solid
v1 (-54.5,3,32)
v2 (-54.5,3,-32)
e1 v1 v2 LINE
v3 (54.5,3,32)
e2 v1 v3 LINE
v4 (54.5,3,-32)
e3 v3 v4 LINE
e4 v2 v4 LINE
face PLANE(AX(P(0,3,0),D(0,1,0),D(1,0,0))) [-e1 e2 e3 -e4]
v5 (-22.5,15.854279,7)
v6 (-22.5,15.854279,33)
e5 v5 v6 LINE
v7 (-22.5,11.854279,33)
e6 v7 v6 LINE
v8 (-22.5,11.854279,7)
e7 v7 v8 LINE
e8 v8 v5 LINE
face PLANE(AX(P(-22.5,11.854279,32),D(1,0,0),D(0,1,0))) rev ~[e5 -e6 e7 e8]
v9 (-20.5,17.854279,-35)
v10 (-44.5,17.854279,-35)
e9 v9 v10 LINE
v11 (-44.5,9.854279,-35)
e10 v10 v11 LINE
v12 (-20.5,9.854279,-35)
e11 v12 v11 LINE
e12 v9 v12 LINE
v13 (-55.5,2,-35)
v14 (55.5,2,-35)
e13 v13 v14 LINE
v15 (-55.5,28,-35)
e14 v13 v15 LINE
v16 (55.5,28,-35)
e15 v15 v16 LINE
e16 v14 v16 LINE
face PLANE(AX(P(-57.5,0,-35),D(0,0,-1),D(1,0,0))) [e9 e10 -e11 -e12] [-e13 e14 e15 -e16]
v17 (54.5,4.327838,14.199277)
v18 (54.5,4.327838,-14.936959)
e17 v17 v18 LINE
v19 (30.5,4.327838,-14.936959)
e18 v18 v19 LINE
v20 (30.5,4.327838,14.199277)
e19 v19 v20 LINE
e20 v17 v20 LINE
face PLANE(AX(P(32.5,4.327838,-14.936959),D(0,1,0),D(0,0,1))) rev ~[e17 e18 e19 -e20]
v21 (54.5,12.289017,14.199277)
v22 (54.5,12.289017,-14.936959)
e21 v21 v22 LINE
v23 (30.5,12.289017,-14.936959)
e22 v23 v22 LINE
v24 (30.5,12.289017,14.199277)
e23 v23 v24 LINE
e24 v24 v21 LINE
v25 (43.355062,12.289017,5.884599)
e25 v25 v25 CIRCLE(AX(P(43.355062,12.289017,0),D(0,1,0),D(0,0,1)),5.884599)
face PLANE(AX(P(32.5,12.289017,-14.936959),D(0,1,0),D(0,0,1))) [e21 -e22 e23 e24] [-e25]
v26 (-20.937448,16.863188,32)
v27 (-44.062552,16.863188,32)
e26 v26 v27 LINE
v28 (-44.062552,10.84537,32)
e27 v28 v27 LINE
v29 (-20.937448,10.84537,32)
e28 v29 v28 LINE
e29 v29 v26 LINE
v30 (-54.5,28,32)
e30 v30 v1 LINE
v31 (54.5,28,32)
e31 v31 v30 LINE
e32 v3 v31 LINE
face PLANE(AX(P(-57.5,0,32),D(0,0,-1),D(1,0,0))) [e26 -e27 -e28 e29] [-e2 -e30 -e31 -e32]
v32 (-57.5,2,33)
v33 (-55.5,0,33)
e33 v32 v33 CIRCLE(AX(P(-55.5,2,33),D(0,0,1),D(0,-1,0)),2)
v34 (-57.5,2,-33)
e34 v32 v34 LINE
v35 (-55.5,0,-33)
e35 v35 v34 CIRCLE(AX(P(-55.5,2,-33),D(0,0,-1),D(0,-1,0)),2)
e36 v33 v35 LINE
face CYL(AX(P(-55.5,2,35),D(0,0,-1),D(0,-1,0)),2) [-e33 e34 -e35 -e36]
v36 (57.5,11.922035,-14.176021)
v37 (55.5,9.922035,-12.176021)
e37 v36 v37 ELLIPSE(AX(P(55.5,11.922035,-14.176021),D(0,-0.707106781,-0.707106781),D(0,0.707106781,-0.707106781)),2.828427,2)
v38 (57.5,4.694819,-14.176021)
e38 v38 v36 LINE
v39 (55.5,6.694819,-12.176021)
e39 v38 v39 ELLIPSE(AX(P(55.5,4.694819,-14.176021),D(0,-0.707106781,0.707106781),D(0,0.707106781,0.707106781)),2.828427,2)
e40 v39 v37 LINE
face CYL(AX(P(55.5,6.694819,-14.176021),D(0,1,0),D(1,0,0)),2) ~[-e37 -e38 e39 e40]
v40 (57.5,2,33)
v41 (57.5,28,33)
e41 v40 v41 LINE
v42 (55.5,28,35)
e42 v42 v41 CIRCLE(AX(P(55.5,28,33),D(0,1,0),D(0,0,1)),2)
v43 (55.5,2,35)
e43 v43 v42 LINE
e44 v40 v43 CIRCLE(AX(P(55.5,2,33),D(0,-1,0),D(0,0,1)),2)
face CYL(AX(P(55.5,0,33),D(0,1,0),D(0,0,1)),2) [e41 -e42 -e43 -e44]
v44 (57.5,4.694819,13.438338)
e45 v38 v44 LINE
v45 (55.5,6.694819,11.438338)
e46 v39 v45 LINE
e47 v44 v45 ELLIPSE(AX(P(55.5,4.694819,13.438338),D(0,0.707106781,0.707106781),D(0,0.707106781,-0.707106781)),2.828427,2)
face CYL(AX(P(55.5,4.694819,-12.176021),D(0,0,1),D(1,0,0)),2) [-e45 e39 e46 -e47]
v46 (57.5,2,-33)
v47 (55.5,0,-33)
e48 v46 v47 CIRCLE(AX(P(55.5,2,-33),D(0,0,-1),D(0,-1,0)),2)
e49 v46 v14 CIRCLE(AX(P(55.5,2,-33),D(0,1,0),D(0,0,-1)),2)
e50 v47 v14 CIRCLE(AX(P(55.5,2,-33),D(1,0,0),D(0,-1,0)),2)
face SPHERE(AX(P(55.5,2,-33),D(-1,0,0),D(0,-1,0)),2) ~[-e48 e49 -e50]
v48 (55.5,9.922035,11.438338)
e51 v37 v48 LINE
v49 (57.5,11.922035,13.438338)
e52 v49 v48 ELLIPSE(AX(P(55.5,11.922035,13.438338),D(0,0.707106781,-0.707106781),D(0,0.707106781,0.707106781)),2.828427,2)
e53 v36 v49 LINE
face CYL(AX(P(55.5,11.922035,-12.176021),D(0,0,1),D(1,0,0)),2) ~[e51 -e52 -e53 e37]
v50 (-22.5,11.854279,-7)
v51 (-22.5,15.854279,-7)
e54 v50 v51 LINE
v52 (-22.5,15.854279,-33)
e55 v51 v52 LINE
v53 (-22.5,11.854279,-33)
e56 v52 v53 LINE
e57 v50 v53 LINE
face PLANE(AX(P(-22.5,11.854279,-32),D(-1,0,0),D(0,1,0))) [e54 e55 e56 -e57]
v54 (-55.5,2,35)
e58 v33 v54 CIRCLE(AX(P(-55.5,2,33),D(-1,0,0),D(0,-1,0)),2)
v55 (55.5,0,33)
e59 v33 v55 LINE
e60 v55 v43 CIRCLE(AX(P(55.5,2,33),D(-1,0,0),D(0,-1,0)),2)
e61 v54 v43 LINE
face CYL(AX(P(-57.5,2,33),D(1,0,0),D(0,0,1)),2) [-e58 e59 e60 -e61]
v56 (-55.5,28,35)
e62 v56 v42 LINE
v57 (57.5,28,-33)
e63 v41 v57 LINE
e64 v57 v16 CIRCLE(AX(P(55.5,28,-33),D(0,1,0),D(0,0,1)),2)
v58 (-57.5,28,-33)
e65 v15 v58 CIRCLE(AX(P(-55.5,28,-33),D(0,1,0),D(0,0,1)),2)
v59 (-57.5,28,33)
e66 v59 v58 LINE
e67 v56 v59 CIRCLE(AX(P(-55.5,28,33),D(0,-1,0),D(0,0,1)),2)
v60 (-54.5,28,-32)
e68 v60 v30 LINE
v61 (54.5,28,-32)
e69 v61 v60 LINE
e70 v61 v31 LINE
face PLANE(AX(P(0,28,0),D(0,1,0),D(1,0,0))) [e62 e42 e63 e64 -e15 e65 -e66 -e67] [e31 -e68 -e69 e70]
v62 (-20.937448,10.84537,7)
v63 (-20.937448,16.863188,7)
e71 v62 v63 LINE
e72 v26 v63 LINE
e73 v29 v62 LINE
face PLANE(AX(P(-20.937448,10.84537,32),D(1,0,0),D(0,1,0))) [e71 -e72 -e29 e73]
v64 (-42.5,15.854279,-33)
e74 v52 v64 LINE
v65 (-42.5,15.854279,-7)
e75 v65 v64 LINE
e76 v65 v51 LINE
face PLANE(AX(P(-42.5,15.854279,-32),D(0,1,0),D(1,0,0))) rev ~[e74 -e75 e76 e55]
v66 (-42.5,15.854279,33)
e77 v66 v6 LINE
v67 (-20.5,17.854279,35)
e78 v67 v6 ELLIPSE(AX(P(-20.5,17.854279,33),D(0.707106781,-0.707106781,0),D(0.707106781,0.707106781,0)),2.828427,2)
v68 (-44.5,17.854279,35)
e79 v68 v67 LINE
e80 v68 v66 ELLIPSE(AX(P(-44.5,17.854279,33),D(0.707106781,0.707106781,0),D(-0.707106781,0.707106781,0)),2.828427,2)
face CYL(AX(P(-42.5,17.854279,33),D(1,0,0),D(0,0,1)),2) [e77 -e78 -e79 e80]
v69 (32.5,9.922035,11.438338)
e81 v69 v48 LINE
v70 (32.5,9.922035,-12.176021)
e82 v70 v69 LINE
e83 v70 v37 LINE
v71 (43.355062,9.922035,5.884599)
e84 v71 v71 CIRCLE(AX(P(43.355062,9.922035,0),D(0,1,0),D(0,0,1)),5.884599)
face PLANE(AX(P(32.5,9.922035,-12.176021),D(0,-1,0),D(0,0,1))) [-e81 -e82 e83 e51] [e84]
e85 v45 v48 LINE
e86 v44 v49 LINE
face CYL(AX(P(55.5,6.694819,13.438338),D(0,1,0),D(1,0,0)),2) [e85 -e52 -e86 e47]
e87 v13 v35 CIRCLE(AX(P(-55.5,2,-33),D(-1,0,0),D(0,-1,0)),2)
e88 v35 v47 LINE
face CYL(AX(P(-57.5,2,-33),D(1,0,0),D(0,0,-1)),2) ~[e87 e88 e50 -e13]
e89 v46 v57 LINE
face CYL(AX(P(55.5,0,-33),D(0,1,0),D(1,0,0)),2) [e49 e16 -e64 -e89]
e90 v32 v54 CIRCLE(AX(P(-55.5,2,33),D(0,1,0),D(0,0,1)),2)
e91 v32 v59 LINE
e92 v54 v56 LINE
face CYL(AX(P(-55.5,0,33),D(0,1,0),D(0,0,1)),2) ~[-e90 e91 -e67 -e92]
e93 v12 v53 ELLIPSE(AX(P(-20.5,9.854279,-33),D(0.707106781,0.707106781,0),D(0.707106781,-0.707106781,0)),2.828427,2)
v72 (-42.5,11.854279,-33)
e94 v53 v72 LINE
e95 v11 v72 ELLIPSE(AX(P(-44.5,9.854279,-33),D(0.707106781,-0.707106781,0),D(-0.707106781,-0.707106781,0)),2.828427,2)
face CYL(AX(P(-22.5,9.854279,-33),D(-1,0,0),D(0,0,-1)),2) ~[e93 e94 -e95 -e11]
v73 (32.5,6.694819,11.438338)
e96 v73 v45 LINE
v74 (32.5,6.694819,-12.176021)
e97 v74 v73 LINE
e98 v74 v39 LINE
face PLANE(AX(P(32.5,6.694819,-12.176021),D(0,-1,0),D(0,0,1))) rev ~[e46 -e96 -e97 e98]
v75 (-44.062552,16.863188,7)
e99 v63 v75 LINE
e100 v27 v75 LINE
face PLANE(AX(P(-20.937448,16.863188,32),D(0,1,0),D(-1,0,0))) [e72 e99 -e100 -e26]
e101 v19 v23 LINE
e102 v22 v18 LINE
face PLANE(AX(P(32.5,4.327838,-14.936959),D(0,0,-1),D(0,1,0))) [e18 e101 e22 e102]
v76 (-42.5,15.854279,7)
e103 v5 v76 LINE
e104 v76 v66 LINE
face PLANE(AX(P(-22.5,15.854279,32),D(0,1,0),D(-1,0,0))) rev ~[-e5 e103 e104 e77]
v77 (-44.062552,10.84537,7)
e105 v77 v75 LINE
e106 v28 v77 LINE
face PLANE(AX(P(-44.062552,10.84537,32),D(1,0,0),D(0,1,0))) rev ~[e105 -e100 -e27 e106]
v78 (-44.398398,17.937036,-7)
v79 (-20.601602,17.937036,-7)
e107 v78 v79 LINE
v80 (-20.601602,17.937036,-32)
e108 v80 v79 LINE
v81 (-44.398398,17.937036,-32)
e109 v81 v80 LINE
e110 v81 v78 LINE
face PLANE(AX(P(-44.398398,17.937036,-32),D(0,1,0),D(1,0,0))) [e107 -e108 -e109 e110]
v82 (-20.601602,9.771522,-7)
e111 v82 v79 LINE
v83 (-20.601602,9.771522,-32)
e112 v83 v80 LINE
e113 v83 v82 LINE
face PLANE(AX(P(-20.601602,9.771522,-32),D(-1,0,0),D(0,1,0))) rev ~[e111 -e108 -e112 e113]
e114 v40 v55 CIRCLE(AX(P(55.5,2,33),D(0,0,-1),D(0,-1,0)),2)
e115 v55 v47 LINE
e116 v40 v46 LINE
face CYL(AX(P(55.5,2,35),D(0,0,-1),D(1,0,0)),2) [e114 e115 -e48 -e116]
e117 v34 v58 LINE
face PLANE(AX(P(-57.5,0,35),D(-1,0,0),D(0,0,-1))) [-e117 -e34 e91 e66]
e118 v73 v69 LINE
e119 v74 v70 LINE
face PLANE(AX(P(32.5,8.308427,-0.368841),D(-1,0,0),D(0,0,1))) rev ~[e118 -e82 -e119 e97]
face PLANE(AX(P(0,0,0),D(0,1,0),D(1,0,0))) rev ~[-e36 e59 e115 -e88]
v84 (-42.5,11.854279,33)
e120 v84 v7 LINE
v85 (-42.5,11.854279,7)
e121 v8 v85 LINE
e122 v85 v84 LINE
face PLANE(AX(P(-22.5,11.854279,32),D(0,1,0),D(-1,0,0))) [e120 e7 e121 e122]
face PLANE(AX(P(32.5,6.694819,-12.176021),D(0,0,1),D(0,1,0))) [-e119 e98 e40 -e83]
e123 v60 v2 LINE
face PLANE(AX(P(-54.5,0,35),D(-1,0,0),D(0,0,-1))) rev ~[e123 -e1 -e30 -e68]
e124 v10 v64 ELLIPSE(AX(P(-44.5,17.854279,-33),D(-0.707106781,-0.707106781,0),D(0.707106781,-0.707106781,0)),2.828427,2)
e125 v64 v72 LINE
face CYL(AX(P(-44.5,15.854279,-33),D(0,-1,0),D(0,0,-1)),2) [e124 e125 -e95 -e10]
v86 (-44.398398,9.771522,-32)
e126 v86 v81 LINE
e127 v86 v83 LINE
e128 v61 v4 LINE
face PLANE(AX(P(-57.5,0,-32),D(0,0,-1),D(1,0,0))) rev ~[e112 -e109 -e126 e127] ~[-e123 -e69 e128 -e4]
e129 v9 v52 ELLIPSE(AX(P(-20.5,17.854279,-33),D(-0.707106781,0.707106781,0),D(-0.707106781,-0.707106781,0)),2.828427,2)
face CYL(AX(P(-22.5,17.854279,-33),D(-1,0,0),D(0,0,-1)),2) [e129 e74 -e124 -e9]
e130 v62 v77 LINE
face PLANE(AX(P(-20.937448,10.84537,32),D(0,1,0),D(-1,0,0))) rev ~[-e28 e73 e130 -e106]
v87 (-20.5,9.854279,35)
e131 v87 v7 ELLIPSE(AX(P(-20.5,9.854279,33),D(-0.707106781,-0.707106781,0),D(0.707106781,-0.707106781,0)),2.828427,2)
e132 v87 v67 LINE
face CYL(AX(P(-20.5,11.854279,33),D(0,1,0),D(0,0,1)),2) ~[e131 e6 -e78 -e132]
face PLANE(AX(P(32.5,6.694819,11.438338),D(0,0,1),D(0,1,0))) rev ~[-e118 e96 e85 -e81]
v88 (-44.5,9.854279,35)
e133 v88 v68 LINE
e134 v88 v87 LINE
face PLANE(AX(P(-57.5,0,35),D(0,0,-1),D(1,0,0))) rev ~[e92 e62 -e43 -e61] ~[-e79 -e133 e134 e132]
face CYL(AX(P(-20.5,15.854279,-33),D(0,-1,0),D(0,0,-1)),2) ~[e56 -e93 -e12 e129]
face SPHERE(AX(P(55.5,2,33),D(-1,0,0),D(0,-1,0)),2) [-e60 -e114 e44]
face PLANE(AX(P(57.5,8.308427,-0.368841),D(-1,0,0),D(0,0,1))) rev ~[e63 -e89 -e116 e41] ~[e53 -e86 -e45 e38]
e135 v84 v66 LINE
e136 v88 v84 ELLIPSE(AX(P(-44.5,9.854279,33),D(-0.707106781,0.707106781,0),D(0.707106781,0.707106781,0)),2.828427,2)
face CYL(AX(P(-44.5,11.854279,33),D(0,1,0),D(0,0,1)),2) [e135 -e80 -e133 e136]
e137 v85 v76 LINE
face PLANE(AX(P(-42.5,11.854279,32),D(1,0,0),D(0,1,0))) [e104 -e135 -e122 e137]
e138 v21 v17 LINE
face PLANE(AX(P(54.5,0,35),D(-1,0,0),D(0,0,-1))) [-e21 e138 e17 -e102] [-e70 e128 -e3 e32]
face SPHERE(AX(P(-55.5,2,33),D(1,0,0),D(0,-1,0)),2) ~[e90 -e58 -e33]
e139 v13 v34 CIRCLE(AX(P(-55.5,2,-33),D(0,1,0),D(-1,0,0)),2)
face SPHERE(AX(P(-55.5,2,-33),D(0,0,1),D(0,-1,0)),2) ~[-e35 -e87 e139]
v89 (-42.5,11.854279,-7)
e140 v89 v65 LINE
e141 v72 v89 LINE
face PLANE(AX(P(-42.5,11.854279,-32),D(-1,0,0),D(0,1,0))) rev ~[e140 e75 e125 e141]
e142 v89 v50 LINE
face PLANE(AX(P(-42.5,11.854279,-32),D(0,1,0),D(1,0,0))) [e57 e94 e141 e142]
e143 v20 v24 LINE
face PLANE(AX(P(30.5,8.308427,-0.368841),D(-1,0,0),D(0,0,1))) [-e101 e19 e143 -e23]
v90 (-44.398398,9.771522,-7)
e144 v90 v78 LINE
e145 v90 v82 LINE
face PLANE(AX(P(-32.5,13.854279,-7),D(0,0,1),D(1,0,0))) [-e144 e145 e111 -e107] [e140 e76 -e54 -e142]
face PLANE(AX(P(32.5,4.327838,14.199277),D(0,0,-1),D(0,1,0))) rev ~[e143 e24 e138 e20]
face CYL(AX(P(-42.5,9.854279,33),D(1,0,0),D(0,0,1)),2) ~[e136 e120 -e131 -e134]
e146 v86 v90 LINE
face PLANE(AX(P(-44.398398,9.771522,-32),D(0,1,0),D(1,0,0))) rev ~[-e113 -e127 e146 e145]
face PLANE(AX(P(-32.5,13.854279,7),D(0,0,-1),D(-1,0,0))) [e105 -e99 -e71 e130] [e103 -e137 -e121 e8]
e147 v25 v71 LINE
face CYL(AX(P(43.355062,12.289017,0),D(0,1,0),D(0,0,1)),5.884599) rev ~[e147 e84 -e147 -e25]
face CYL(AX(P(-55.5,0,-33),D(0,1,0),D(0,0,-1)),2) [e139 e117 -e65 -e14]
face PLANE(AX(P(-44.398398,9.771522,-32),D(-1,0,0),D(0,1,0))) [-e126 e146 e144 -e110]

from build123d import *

# Parameters (mm, degrees)
SKETCH1_W           = 115
SKETCH1_H           = 70
BOSS_EXTRUDE1_DEPTH = 28
SHELL2_T            = -3
SKETCH2_W           = 20
SKETCH2_H           = 4
CUT_EXTRUDE1_DEPTH  = 95.816928868
SKETCH4_W           = 23.796796
SKETCH4_H           = 8.165514589
SKETCH4_W_2         = 20
SKETCH4_H_2         = 4
BOSS_EXTRUDE2_DEPTH = 25
SKETCH5_W           = 23.125103044
SKETCH5_H           = 6.017817829
SKETCH5_W_2         = 20
SKETCH5_H_2         = 4
BOSS_EXTRUDE3_DEPTH = 25
FILLET2_R           = 2
FILLET3_R           = 2
SKETCH9_W           = 29.136235749
SKETCH9_H           = 7.961178331
BOSS_EXTRUDE4_DEPTH = 25
SKETCH11_W          = 23.614359243
SKETCH11_H          = 3.227216001
CUT_EXTRUDE4_DEPTH  = 101.543522914
FILLET4_R           = 2
CUT_EXTRUDE5_REACH  = 71.124
SKETCH12_R          = 5.884599132
SKETCH13_W          = 29.136235749
SKETCH13_H          = 7.961178331
BOSS_EXTRUDE5_DEPTH = 2


with BuildPart() as part:
    # Sketch1 → Boss-Extrude1 (new body)
    with BuildSketch(Plane(origin=(0, 0, 0), x_dir=(1, 0, 0), z_dir=(0, 1, 0))):
        Rectangle(SKETCH1_W, SKETCH1_H)
    extrude(amount=BOSS_EXTRUDE1_DEPTH)

    # Shell2
    shell2_openings = [part.faces().sort_by_distance(p)[0] for p in [
        (0, 28, 0),
    ]]
    offset(amount=SHELL2_T, openings=shell2_openings, kind=Kind.INTERSECTION)

    # Sketch2 → Cut-Extrude1 (cut, through all)
    with BuildSketch(Plane.XY.offset(35)):
        with Locations((-32.5, 13.8542792)):
            Rectangle(SKETCH2_W, SKETCH2_H)
    extrude(amount=-CUT_EXTRUDE1_DEPTH, mode=Mode.SUBTRACT)

    # Sketch4 → Boss-Extrude2 (add)
    with BuildSketch(Plane.XY.offset(-32)):
        with Locations((-32.5, 13.854279201)):
            Rectangle(SKETCH4_W, SKETCH4_H)
        with Locations((-32.5, 13.8542792)):
            Rectangle(SKETCH4_W_2, SKETCH4_H_2, mode=Mode.SUBTRACT)
    extrude(amount=BOSS_EXTRUDE2_DEPTH)

    # Sketch5 → Boss-Extrude3 (add)
    with BuildSketch(Plane(origin=(0, 0, 32), x_dir=(-1, 0, 0), z_dir=(0, 0, -1))):
        with Locations((32.5, 13.854279201)):
            Rectangle(SKETCH5_W, SKETCH5_H)
        with Locations((32.5, 13.8542792)):
            Rectangle(SKETCH5_W_2, SKETCH5_H_2, mode=Mode.SUBTRACT)
    extrude(amount=BOSS_EXTRUDE3_DEPTH)

    # Fillet2
    fillet2_edges = [part.edges().sort_by_distance(p)[0] for p in [
        (0, 0, 35),
        (-57.5, 0, 0),
        (0, 0, -35),
        (57.5, 0, 0),
        (57.5, 14, 35),
        (-57.5, 14, 35),
        (-57.5, 14, -35),
        (57.5, 14, -35),
    ]]
    fillet(fillet2_edges, radius=FILLET2_R)

    # Fillet3
    fillet3_edges = [part.edges().sort_by_distance(p)[0] for p in [
        (-42.5, 13.8542792, -35),
        (-32.5, 15.8542792, -35),
        (-22.5, 13.8542792, -35),
        (-32.5, 11.8542792, -35),
        (-42.5, 13.8542792, 35),
        (-32.5, 11.8542792, 35),
        (-22.5, 13.8542792, 35),
        (-32.5, 15.8542792, 35),
    ]]
    fillet(fillet3_edges, radius=FILLET3_R)

    # Sketch9 → Boss-Extrude4 (add)
    with BuildSketch(Plane.ZY.offset(-57.5)):
        with Locations((-0.368841187, 8.308427345)):
            Rectangle(SKETCH9_W, SKETCH9_H)
    extrude(amount=BOSS_EXTRUDE4_DEPTH)

    # Sketch11 → Cut-Extrude4 (cut, through all)
    with BuildSketch(Plane.ZY.offset(-32.5)):
        with Locations((-0.368841187, 8.308427345)):
            Rectangle(SKETCH11_W, SKETCH11_H)
    extrude(amount=-CUT_EXTRUDE4_DEPTH, mode=Mode.SUBTRACT)

    # Fillet4
    fillet4_edges = [part.edges().sort_by_distance(p)[0] for p in [
        (57.5, 8.308427345, 11.438338435),
        (57.5, 6.694819344, -0.368841187),
        (57.5, 8.308427345, -12.176020808),
        (57.5, 9.922035345, -0.368841187),
    ]]
    fillet(fillet4_edges, radius=FILLET4_R)

    # Sketch12 → Cut-Extrude5 (cut, up to next)
    with BuildSketch(Plane(origin=(0, 12.28901651, 0), x_dir=(1, 0, 0), z_dir=(0, 1, 0)), mode=Mode.PRIVATE) as cut_extrude5_sk1:
        with Locations(Location((43.35506163, 0, 0), (0, 0, 270))):
            Circle(SKETCH12_R)
    cut_extrude5_tool1 = extrude(cut_extrude5_sk1.sketch, amount=-CUT_EXTRUDE5_REACH, mode=Mode.PRIVATE) & part.part
    add(cut_extrude5_tool1.solids().sort_by_distance((43.355062, 12.289017, 0))[0], mode=Mode.SUBTRACT)

    # Sketch13 → Boss-Extrude5 (add)
    with BuildSketch(Plane.ZY.offset(-32.5)):
        with Locations((-0.368841187, 8.308427345)):
            Rectangle(SKETCH13_W, SKETCH13_H)
    extrude(amount=BOSS_EXTRUDE5_DEPTH)


solid = part.part
